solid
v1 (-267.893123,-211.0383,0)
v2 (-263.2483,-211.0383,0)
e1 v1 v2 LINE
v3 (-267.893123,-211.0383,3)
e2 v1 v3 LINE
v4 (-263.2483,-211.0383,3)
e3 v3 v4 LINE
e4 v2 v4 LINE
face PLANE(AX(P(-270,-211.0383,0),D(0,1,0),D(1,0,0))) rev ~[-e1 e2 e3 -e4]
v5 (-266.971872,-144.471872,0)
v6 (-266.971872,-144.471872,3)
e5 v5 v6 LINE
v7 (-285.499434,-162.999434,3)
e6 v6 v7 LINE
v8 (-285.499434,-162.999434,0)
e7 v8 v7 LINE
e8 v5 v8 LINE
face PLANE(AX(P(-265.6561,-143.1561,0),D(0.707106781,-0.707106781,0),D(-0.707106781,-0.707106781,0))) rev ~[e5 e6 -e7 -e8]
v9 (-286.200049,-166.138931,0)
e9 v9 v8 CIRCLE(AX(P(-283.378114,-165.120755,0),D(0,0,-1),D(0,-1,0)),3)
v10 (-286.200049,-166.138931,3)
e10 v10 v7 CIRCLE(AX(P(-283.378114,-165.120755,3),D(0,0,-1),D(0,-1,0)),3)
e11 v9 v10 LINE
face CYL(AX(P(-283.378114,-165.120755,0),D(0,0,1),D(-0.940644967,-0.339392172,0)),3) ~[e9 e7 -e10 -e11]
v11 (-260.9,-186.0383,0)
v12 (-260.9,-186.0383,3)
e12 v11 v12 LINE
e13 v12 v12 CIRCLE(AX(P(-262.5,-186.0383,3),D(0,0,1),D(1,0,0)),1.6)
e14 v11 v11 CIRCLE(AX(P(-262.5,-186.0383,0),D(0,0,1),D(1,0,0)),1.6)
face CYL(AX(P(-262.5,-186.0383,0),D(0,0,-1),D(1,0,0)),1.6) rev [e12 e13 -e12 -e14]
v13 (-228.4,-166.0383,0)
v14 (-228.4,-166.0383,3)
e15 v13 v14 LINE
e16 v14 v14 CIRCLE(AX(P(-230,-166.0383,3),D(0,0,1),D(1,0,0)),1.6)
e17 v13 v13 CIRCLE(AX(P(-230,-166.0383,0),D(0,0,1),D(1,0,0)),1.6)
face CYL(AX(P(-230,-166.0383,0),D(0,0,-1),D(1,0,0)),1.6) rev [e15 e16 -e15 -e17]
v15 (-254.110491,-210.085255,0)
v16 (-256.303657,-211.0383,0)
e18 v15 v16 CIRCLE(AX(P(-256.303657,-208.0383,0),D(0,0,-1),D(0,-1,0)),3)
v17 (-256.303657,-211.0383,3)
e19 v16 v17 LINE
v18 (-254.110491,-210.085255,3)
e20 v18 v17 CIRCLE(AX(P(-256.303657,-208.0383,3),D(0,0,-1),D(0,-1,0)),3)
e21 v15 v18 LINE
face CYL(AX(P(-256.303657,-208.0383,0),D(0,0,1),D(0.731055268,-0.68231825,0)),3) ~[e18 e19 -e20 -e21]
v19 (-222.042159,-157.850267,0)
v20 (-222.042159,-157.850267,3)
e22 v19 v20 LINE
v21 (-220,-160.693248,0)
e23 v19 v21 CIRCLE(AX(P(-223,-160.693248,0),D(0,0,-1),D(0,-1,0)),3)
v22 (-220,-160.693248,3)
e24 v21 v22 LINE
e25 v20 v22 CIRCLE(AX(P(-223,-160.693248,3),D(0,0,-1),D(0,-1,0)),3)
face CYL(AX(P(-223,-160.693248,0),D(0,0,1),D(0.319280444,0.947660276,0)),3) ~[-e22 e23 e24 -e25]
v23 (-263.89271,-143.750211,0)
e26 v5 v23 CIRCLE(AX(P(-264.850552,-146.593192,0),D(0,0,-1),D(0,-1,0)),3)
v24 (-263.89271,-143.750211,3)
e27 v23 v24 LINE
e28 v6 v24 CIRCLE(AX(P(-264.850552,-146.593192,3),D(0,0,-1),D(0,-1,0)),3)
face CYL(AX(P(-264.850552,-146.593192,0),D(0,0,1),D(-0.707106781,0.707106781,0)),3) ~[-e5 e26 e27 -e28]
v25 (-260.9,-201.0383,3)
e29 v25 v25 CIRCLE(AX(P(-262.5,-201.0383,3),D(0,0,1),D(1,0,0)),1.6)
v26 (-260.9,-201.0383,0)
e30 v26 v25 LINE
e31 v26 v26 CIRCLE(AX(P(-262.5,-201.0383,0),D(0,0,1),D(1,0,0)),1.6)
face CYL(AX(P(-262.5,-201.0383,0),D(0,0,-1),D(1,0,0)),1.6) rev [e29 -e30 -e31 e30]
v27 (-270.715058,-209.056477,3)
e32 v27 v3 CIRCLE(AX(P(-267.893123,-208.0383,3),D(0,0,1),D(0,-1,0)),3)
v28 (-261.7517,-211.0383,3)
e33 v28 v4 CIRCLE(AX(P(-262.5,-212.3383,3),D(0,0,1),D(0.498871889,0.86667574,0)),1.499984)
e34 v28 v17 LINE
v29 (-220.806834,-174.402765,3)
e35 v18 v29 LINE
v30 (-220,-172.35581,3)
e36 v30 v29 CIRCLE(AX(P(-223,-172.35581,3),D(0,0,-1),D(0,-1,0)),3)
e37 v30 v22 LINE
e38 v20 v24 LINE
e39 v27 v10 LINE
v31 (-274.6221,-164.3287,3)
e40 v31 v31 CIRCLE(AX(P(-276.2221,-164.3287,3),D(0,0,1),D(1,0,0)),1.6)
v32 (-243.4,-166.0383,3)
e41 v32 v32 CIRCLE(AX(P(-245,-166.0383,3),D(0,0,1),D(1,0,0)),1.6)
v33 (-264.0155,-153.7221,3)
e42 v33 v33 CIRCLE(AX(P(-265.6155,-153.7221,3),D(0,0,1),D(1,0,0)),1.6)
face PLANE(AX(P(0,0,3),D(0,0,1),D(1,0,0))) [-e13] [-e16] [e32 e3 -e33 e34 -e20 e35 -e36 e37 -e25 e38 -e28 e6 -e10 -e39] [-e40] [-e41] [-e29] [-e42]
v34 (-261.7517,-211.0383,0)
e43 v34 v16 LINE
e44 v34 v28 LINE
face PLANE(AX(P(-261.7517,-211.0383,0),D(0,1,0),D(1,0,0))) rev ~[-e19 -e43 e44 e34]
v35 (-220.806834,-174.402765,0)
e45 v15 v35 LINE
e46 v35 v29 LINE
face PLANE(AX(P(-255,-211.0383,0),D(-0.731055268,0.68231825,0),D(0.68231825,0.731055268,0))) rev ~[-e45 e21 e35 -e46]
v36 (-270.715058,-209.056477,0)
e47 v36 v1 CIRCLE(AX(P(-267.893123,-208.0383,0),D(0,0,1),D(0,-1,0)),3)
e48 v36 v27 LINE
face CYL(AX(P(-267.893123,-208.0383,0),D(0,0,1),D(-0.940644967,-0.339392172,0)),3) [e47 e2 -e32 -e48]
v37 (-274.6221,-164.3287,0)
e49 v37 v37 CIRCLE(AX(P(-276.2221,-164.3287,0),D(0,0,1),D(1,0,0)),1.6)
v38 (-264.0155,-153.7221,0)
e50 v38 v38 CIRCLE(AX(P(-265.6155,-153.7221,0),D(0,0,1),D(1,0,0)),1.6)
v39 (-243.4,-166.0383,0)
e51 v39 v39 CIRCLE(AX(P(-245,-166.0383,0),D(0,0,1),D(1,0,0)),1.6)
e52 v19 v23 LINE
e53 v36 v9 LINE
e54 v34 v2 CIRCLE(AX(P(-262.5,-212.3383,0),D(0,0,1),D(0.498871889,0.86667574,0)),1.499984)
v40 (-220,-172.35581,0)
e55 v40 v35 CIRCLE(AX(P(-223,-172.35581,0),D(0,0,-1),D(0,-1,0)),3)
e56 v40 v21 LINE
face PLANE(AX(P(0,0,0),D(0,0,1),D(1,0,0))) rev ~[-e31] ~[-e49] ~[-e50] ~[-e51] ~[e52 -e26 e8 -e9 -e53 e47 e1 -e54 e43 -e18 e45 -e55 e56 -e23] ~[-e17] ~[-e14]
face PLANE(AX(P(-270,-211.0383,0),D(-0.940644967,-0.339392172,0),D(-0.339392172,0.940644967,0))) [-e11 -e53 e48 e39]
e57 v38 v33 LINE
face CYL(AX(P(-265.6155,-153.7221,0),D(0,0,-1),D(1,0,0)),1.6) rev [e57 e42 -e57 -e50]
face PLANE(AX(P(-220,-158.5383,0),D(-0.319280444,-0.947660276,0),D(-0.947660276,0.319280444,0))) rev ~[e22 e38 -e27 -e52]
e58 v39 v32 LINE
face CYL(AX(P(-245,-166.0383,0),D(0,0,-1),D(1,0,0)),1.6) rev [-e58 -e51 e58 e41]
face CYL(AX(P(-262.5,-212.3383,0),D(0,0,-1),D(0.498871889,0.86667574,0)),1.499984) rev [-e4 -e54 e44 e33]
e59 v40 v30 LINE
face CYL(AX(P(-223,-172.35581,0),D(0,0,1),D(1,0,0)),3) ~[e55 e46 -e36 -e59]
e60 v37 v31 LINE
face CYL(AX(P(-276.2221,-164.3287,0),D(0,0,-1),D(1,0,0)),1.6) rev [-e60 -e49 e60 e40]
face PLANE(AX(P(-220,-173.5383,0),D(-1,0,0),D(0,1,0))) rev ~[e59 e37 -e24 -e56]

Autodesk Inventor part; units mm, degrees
ref_plane "YZ Plane" through (0, 0, 0) normal (1, 0, 0) x (0, 1, 0)
ref_plane "XZ Plane" through (0, 0, 0) normal (0, 1, 0) x (-1, 0, 0)
ref_plane "XY Plane" through (0, 0, 0) normal (0, 0, 1) x (1, 0, 0)
sketch "スケッチ1" plane through (0, 0, 0) normal (0, 0, 1) x (1, 0, 0)
  line L0 (67.5, 17.5) -> (-67.5, 17.5) construction
  line L1 (-67.5, 17.5) -> (-67.5, -17.5) construction
  line L2 (-67.5, -17.5) -> (67.5, -17.5) construction
  line L3 (67.5, -17.5) -> (67.5, 17.5) construction
  line L4 (67.5, 17.5) -> (-67.5, -17.5) construction
  line L5 (-67.5, 17.5) -> (67.5, -17.5) construction
  circle A0 centre (-60, 35) radius 1.6 construction
  circle A1 centre (-70, 35) radius 1.6 construction
  line L6 (-77.5, 27.5) -> (-53, 27.5) construction
  line L7 (-53, 27.5) -> (-53, 42.5) construction
  line L8 (-53, 42.5) -> (-80, 42.5) construction
  line L9 (-77.5, 27.5) -> (-77.5, -27.5) construction
  line L10 (-77.5, -27.5) -> (-53, -27.5) construction
  line L11 (-53, -27.5) -> (-53, -42.5) construction
  line L12 (-53, -42.5) -> (-80, -42.5) construction
  circle A2 centre (-60, -35) radius 1.6 construction
  circle A3 centre (-70, -35) radius 1.6 construction
  circle A4 centre (-80, -35) radius 1.6 construction
  line L13 (124.2308, -31.7536) -> (484.5935, -392.1164)
  line L14 (484.5935, -392.1164) -> (488.7129, -553.575)
  line L15 (-80, 21.2868) -> (-468.838, -367.5512) construction
  line L16 (-468.838, -367.5512) -> (-479.4446, -356.9446)
  line L17 (-479.4446, -356.9446) -> (-90.6066, 31.8934) construction
  line L18 (-90.6066, 31.8934) -> (-80, 21.2868) construction
  line L19 (-80, 42.5) -> (-80, 5.3052) construction
  circle A5 centre (-92.3744, 19.519) radius 1.6 construction
  circle A6 centre (-102.981, 8.9124) radius 1.6 construction
  circle A7 centre (-113.5876, -1.6942) radius 1.6 construction
  line L20 (-92.3744, 19.519) -> (-113.5876, -1.6942) construction
  circle A8 centre (-437.941, -345.2067) radius 1.6
  circle A9 centre (-426.1402, -333.4059) radius 1.6
  line L21 (-388.4374, -772.2067) -> (-358.1265, -754.7067) construction
  line L22 (-358.1265, -754.7067) -> (-425.6265, -637.7933) construction
  line L23 (-455.9374, -655.2933) -> (-358.1265, -754.7067) construction
  line L24 (-388.4374, -772.2067) -> (-425.6265, -637.7933) construction
  line L25 (-455.9374, -655.2933) -> (-388.4374, -772.2067) construction
  line L26 (-425.6265, -637.7933) -> (-455.9374, -655.2933) construction
  line L27 (455.9374, -655.2933) -> (425.6265, -637.7933) construction
  line L28 (425.6265, -637.7933) -> (358.1265, -754.7067) construction
  line L29 (388.4374, -772.2067) -> (425.6265, -637.7933) construction
  line L30 (455.9374, -655.2933) -> (358.1265, -754.7067) construction
  line L31 (388.4374, -772.2067) -> (455.9374, -655.2933) construction
  line L32 (358.1265, -754.7067) -> (388.4374, -772.2067) construction
  line L33 (0, 0) -> (0, -263.4473) construction
  circle A10 centre (80, -35) radius 1.6 construction
  line L34 (67.5, 17.5) -> (67.5, -17.5) construction
  line L35 (77.5, 27.5) -> (53, 27.5) construction
  line L36 (77.5, 27.5) -> (77.5, -27.5) construction
  line L37 (77.5, -27.5) -> (53, -27.5) construction
  circle A11 centre (60, -35) radius 1.6 construction
  circle A12 centre (70, -35) radius 1.6 construction
  line L38 (53, -27.5) -> (53, -42.5) construction
  line L39 (53, -42.5) -> (80, -42.5) construction
  circle A13 centre (60, 35) radius 1.6 construction
  circle A14 centre (70, 35) radius 1.6 construction
  line L40 (80, 42.5) -> (80, 5.3052) construction
  line L41 (53, 42.5) -> (80, 42.5) construction
  line L42 (53, 27.5) -> (53, 42.5) construction
  line L43 (-392.0976, -785.867) -> (-404.3476, -764.6493)
  line L44 (-388.4374, -772.2067) -> (-358.1265, -754.7067) construction
  line L45 (-392.0976, -785.867) -> (-344.4662, -758.367)
  circle A15 centre (-336.7211, -756.782) radius 1.6
  circle A16 centre (-341.7211, -748.1218) radius 1.6
  line L46 (-343.7259, -729.6493) -> (-330.2259, -753.032)
  circle A17 centre (-346.7211, -739.4615) radius 1.6
  line L47 (-356.7162, -737.1493) -> (-343.7259, -729.6493)
  line L48 (-344.4662, -758.367) -> (-356.7162, -737.1493)
  circle A18 centre (-407.3428, -774.4615) radius 1.6
  circle A19 centre (-402.3428, -783.1218) radius 1.6
  line L49 (-404.3476, -764.6493) -> (-417.338, -772.1493)
  line L50 (-417.338, -772.1493) -> (-405.4634, -792.7168)
  line L51 (-403.838, -795.532) -> (-371.6264, -776.9346) construction
  line L52 (-425.6265, -637.7933) -> (-455.9374, -655.2933) construction
  line L53 (-409.7162, -645.3507) -> (-396.7259, -637.8507)
  circle A20 centre (-406.7211, -635.5385) radius 1.6
  line L54 (-455.9374, -655.2933) -> (-425.6265, -637.7933) construction
  circle A21 centre (-411.7211, -626.8782) radius 1.6
  line L55 (-469.5976, -651.633) -> (-421.9662, -624.133)
  line L56 (-421.9662, -624.133) -> (-409.7162, -645.3507)
  line L57 (-396.7259, -637.8507) -> (-410.2259, -614.468)
  circle A22 centre (-416.7211, -618.218) radius 1.6
  line L58 (-469.5976, -651.633) -> (-457.3476, -672.8507)
  circle A23 centre (-467.3428, -670.5385) radius 1.6
  circle A24 centre (-472.3428, -661.8782) radius 1.6
  line L59 (-483.838, -656.968) -> (-451.6264, -638.3706) construction
  line L60 (-470.338, -680.3507) -> (-483.838, -656.968)
  line L61 (-457.3476, -672.8507) -> (-470.338, -680.3507)
  line L62 (469.5976, -651.633) -> (457.3476, -672.8507)
  line L63 (455.9374, -655.2933) -> (425.6265, -637.7933) construction
  line L64 (469.5976, -651.633) -> (421.9662, -624.133)
  circle A25 centre (416.7211, -618.218) radius 1.6
  circle A26 centre (411.7211, -626.8782) radius 1.6
  line L65 (396.7259, -637.8507) -> (410.2259, -614.468)
  circle A27 centre (406.7211, -635.5385) radius 1.6
  line L66 (409.7162, -645.3507) -> (396.7259, -637.8507)
  line L67 (421.9662, -624.133) -> (409.7162, -645.3507)
  circle A28 centre (467.3428, -670.5385) radius 1.6
  circle A29 centre (472.3428, -661.8782) radius 1.6
  line L68 (457.3476, -672.8507) -> (470.338, -680.3507)
  line L69 (470.338, -680.3507) -> (483.838, -656.968)
  line L70 (483.838, -656.968) -> (451.6264, -638.3706) construction
  line L71 (358.1265, -754.7067) -> (388.4374, -772.2067) construction
  line L72 (356.7162, -737.1493) -> (343.7259, -729.6493)
  circle A30 centre (346.7211, -739.4615) radius 1.6
  line L73 (388.4374, -772.2067) -> (358.1265, -754.7067) construction
  circle A31 centre (341.7211, -748.1218) radius 1.6
  line L74 (392.0976, -785.867) -> (344.4662, -758.367)
  line L75 (344.4662, -758.367) -> (356.7162, -737.1493)
  line L76 (343.7259, -729.6493) -> (330.2259, -753.032)
  circle A32 centre (336.7211, -756.782) radius 1.6
  line L77 (392.0976, -785.867) -> (404.3476, -764.6493)
  circle A33 centre (407.3428, -774.4615) radius 1.6
  circle A34 centre (402.3428, -783.1218) radius 1.6
  line L78 (403.838, -795.532) -> (371.6264, -776.9346) construction
  line L79 (417.338, -772.1493) -> (403.838, -795.532)
  line L80 (404.3476, -764.6493) -> (417.338, -772.1493)
  line L81 (-483.838, -367.5512) -> (-468.838, -367.5512)
  line L82 (-468.838, -367.5512) -> (-468.838, -648.3077) construction
  line L83 (-468.838, -648.3077) -> (-483.838, -648.3077) construction
  line L84 (-483.838, -648.3077) -> (-483.838, -367.5512) construction
  line L85 (-283.2277, -604.4352) -> (-262.2277, -640.8083) construction
  line L86 (345.2492, -497.0108) -> (305.7786, -565.3759) construction
  line L87 (250, -655.004) -> (-250, -655.004) construction
  line L88 (-250, -655.004) -> (-250, -1155.004) construction
  line L89 (-250, -1155.004) -> (250, -1155.004) construction
  line L90 (250, -1155.004) -> (250, -655.004) construction
  line L91 (250, -655.004) -> (-250, -1155.004) construction
  line L92 (-250, -655.004) -> (250, -1155.004) construction
  line L93 (-12.841, -158.5383) -> (15.1134, -158.5383) construction
  circle A35 centre (-3.0548, -432.807) radius 212.5 construction
  line L94 (496.9452, 30.2659) -> (-503.0548, 30.2659) construction
  line L95 (-503.0548, 30.2659) -> (-503.0548, -969.7341) construction
  line L96 (-503.0548, -969.7341) -> (496.9452, -969.7341) construction
  line L97 (496.9452, -969.7341) -> (496.9452, 30.2659) construction
  line L98 (496.9452, 30.2659) -> (-503.0548, -969.7341) construction
  circle A36 centre (-3.0548, -432.807) radius 250 construction
  line L99 (-80, 42.5) -> (-90.6066, 31.8934) construction
  line L100 (-80, 42.5) -> (-118.8909, 3.6091) construction
  line L101 (-118.8909, -6.2904) -> (-113.234, -11.9472) construction
  line L102 (-113.234, -11.9472) -> (-85.3433, -40.263) construction
  arc A37 (-118.8909, 3.6091) -> (-118.8909, -6.2904) centre (-113.9411, -1.3406) ccw construction
  arc A38 (-85.3433, -40.263) -> (-80, -42.5) centre (-80, -35) ccw construction
  line L103 (-80, 42.5) -> (-53, 42.5) construction
  circle A39 centre (-476.338, -638.3077) radius 1.6
  circle A40 centre (-476.338, -623.3077) radius 1.6
  circle A41 centre (-476.338, -608.2553) radius 1.6
  line L104 (-483.838, -656.968) -> (-483.838, -601.2553)
  line L105 (-483.838, -601.2553) -> (-468.838, -601.2553)
  line L106 (-468.838, -601.2553) -> (-415.3976, -610.8357)
  arc A42 (-410.2259, -614.468) -> (-415.3976, -610.8357) centre (-416.7211, -618.218) ccw
  line L107 (-255, -176.0383) -> (-270, -176.0383) construction
  line L108 (-270, -176.0383) -> (-270, -631.0383) construction
  line L109 (-270, -666.0383) -> (-255, -666.0383) construction
  line L110 (-255, -666.0383) -> (-255, -176.0383) construction
  line L111 (-271.0048, -667.7787) -> (-287.7211, -696.7321)
  line L112 (-426.5432, -937.1791) -> (-415.5605, -943.52)
  line L113 (-257.0096, -673.5383) -> (-270, -666.0383) construction
  line L114 (-325.2259, -761.6923) -> (-338.2162, -769.1923) construction
  circle A43 centre (-325.2259, -776.6923) radius 1.6
  circle A44 centre (-332.7259, -789.6827) radius 1.6
  circle A45 centre (-340.2259, -802.673) radius 1.6
  line L115 (-325.2259, -776.6923) -> (-340.2259, -802.673) construction
  line L116 (-330.2259, -753.032) -> (-318.7307, -772.9423)
  line L117 (-318.7307, -780.4423) -> (-333.7307, -806.423)
  line L118 (-400.6724, -796.2707) -> (-341.93, -809.9769)
  arc A46 (-405.4634, -792.7168) -> (-400.6724, -796.2707) centre (-398.9682, -788.9668) ccw
  arc A47 (-341.93, -809.9769) -> (-333.7307, -806.423) centre (-340.2259, -802.673) ccw
  arc A48 (-318.7307, -780.4423) -> (-318.7307, -772.9423) centre (-325.2259, -776.6923) ccw
  circle A49 centre (-268.7259, -678.8314) radius 1.6
  circle A50 centre (-276.2259, -691.8218) radius 1.6
  line L119 (-268.7259, -678.8314) -> (-283.7259, -704.8122) construction
  circle A51 centre (-262.5, -656.0383) radius 1.6
  circle A52 centre (-262.5, -641.0383) radius 1.6
  line L120 (-270, -631.0383) -> (-255, -631.0383)
  line L121 (-287.7211, -696.7321) -> (-274.7307, -704.2321)
  line L122 (-274.7307, -704.2321) -> (-257.0096, -673.5383)
  line L123 (-255, -631.0383) -> (-255, -666.0383)
  arc A53 (-257.0096, -673.5383) -> (-255, -666.0383) centre (-270, -666.0383) ccw
  line L124 (-270, -631.0383) -> (-270, -664.0287)
  line L125 (-287.7211, -696.7321) -> (-426.5432, -937.1791) construction
  arc A54 (-271.0048, -667.7787) -> (-270, -664.0287) centre (-277.5, -664.0287) ccw
  line L126 (-255, -173.5383) -> (255, -173.5383) construction
  line L127 (255, -173.5383) -> (255, -158.5383)
  line L128 (255, -158.5383) -> (-255, -158.5383) construction
  line L129 (-255, -158.5383) -> (-255, -173.5383) construction
  circle A55 centre (-262.5, -186.0383) radius 1.6
  circle A56 centre (-262.5, -201.0383) radius 1.6
  circle A57 centre (-245, -166.0383) radius 1.6
  circle A58 centre (-230, -166.0383) radius 1.6
  circle A59 centre (-276.2221, -164.3287) radius 1.6
  circle A60 centre (-265.6155, -153.7221) radius 1.6
  line L130 (-265.6155, -153.7221) -> (-276.2221, -164.3287) construction
  line L131 (-270, -211.0383) -> (-263.2483, -211.0383)
  line L132 (-255, -211.0383) -> (-220, -173.5383)
  line L133 (-220, -173.5383) -> (-220, -158.5383)
  line L134 (-220, -158.5383) -> (-265.6561, -143.1561)
  line L135 (-270, -211.0383) -> (-286.8467, -164.3467)
  line L136 (-265.6561, -143.1561) -> (-286.8467, -164.3467)
  arc A61 (-263.2483, -211.0383) -> (-261.7517, -211.0383) centre (-262.5, -212.3383) ccw construction
  arc A62 (-261.7517, -211.0383) -> (-263.2483, -211.0383) centre (-262.5, -212.3383) ccw
  line L137 (-263.2483, -211.0383) -> (-261.7517, -211.0383) construction
  line L138 (-261.7517, -211.0383) -> (-255, -211.0383)
  point P0 (-77.5, 0)
  point P1 (0, -470)
  point P2 (-123.8406, -1.3406)
  point P3 (-102.981, 8.9124)
  point P4 (-407.0319, -705)
  point P5 (-407.0319, -705)
  point P6 (407.0319, -705)
  point P7 (407.0319, -705)
  point P8 (77.5, 0)
  point P9 (-368.2819, -772.117)
  point P10 (-385.4668, -784.9254)
  point P11 (-445.7819, -637.883)
  point P12 (445.7819, -637.883)
  point P13 (465.4668, -646.3614)
  point P14 (368.2819, -772.117)
  point P15 (0, -905.004)
  point P16 (-3.0548, -469.7341)
  point P17 (0, -905.004)
  point P18 (-262.5, -666.0383)
  point P19 (0, -158.5383)
  point P20 (-262.5, -176.0383)
  point P21 (-255, -166.0383)
  point P22 (-262.5, -211.0383)
  dimension "d4" = 135
  dimension "d5" = 35
  dimension "d6" = 3.2
  dimension "d7" = 3.2
  dimension "d8" = 10
  dimension "d9" = 15
  dimension "d10" = 10
  dimension "d11" = 7.5
  dimension "d12" = 7
  dimension "d13" = 70
  dimension "d14" = 3.2
  dimension "d15" = 3.2
  dimension "d16" = 3.2
  dimension "d17" = 10
  dimension "d18" = 10
  dimension "d19" = 7
  dimension "d20" = 15
  dimension "d21" = 7.5
  dimension "d22" = 10
  dimension "d23" = 10
  dimension "d24" = 135
  dimension "d25" = 15
  dimension "d26" = 10
  dimension "d27" = 3.2
  dimension "d28" = 3.2
  dimension "d29" = 3.2
  dimension "d30" = 10
  dimension "d31" = 15
  dimension "d32" = 15
  dimension "d33" = 7.5
  dimension "d34" = 45
  dimension "d35" = 3.2
  dimension "d36" = 3.2
  dimension "d37" = 360
  dimension "d38" = 360
  dimension "d39" = 470
  dimension "d40" = 15
  dimension "d41" = 200
  dimension "d42" = 200
  dimension "d43" = 500
  dimension "d44" = 500
  dimension "d46" = 425
  dimension "d47" = 1000
  dimension "d48" = 1000
  dimension "d49" = 42
  dimension "d50" = 500
  dimension "d51" = 7
  dimension "d52" = 7
  dimension "d53" = 3.2
  dimension "d54" = 3.2
  dimension "d55" = 3.2
  dimension "d56" = 15
  dimension "d57" = 15.0524
  dimension "d58" = 7.5
  dimension "d59" = 10
  dimension "d60" = 7
  dimension "d61" = 15
  dimension "d62" = 5
  dimension "d63" = 150
  dimension "d64" = 10
  dimension "d65" = 15
  dimension "d66" = 3.2
  dimension "d67" = 3.2
  dimension "d68" = 3.2
extrude "押し出し1" add sketch "スケッチ1" along normal blind 3 contours L135 L136 L134 L133 L132 L138 A62 L131
fillet "フィレット1" radius 3 6 edges at (-265.6561, -143.1561, 1.5) (-286.8467, -164.3467, 1.5) (-270, -211.0383, 1.5) (-255, -211.0383, 1.5) (-220, -173.5383, 1.5) (-220, -158.5383, 1.5)
properties part number "オムニ_固定具3" material "アルミニウム 6061"
